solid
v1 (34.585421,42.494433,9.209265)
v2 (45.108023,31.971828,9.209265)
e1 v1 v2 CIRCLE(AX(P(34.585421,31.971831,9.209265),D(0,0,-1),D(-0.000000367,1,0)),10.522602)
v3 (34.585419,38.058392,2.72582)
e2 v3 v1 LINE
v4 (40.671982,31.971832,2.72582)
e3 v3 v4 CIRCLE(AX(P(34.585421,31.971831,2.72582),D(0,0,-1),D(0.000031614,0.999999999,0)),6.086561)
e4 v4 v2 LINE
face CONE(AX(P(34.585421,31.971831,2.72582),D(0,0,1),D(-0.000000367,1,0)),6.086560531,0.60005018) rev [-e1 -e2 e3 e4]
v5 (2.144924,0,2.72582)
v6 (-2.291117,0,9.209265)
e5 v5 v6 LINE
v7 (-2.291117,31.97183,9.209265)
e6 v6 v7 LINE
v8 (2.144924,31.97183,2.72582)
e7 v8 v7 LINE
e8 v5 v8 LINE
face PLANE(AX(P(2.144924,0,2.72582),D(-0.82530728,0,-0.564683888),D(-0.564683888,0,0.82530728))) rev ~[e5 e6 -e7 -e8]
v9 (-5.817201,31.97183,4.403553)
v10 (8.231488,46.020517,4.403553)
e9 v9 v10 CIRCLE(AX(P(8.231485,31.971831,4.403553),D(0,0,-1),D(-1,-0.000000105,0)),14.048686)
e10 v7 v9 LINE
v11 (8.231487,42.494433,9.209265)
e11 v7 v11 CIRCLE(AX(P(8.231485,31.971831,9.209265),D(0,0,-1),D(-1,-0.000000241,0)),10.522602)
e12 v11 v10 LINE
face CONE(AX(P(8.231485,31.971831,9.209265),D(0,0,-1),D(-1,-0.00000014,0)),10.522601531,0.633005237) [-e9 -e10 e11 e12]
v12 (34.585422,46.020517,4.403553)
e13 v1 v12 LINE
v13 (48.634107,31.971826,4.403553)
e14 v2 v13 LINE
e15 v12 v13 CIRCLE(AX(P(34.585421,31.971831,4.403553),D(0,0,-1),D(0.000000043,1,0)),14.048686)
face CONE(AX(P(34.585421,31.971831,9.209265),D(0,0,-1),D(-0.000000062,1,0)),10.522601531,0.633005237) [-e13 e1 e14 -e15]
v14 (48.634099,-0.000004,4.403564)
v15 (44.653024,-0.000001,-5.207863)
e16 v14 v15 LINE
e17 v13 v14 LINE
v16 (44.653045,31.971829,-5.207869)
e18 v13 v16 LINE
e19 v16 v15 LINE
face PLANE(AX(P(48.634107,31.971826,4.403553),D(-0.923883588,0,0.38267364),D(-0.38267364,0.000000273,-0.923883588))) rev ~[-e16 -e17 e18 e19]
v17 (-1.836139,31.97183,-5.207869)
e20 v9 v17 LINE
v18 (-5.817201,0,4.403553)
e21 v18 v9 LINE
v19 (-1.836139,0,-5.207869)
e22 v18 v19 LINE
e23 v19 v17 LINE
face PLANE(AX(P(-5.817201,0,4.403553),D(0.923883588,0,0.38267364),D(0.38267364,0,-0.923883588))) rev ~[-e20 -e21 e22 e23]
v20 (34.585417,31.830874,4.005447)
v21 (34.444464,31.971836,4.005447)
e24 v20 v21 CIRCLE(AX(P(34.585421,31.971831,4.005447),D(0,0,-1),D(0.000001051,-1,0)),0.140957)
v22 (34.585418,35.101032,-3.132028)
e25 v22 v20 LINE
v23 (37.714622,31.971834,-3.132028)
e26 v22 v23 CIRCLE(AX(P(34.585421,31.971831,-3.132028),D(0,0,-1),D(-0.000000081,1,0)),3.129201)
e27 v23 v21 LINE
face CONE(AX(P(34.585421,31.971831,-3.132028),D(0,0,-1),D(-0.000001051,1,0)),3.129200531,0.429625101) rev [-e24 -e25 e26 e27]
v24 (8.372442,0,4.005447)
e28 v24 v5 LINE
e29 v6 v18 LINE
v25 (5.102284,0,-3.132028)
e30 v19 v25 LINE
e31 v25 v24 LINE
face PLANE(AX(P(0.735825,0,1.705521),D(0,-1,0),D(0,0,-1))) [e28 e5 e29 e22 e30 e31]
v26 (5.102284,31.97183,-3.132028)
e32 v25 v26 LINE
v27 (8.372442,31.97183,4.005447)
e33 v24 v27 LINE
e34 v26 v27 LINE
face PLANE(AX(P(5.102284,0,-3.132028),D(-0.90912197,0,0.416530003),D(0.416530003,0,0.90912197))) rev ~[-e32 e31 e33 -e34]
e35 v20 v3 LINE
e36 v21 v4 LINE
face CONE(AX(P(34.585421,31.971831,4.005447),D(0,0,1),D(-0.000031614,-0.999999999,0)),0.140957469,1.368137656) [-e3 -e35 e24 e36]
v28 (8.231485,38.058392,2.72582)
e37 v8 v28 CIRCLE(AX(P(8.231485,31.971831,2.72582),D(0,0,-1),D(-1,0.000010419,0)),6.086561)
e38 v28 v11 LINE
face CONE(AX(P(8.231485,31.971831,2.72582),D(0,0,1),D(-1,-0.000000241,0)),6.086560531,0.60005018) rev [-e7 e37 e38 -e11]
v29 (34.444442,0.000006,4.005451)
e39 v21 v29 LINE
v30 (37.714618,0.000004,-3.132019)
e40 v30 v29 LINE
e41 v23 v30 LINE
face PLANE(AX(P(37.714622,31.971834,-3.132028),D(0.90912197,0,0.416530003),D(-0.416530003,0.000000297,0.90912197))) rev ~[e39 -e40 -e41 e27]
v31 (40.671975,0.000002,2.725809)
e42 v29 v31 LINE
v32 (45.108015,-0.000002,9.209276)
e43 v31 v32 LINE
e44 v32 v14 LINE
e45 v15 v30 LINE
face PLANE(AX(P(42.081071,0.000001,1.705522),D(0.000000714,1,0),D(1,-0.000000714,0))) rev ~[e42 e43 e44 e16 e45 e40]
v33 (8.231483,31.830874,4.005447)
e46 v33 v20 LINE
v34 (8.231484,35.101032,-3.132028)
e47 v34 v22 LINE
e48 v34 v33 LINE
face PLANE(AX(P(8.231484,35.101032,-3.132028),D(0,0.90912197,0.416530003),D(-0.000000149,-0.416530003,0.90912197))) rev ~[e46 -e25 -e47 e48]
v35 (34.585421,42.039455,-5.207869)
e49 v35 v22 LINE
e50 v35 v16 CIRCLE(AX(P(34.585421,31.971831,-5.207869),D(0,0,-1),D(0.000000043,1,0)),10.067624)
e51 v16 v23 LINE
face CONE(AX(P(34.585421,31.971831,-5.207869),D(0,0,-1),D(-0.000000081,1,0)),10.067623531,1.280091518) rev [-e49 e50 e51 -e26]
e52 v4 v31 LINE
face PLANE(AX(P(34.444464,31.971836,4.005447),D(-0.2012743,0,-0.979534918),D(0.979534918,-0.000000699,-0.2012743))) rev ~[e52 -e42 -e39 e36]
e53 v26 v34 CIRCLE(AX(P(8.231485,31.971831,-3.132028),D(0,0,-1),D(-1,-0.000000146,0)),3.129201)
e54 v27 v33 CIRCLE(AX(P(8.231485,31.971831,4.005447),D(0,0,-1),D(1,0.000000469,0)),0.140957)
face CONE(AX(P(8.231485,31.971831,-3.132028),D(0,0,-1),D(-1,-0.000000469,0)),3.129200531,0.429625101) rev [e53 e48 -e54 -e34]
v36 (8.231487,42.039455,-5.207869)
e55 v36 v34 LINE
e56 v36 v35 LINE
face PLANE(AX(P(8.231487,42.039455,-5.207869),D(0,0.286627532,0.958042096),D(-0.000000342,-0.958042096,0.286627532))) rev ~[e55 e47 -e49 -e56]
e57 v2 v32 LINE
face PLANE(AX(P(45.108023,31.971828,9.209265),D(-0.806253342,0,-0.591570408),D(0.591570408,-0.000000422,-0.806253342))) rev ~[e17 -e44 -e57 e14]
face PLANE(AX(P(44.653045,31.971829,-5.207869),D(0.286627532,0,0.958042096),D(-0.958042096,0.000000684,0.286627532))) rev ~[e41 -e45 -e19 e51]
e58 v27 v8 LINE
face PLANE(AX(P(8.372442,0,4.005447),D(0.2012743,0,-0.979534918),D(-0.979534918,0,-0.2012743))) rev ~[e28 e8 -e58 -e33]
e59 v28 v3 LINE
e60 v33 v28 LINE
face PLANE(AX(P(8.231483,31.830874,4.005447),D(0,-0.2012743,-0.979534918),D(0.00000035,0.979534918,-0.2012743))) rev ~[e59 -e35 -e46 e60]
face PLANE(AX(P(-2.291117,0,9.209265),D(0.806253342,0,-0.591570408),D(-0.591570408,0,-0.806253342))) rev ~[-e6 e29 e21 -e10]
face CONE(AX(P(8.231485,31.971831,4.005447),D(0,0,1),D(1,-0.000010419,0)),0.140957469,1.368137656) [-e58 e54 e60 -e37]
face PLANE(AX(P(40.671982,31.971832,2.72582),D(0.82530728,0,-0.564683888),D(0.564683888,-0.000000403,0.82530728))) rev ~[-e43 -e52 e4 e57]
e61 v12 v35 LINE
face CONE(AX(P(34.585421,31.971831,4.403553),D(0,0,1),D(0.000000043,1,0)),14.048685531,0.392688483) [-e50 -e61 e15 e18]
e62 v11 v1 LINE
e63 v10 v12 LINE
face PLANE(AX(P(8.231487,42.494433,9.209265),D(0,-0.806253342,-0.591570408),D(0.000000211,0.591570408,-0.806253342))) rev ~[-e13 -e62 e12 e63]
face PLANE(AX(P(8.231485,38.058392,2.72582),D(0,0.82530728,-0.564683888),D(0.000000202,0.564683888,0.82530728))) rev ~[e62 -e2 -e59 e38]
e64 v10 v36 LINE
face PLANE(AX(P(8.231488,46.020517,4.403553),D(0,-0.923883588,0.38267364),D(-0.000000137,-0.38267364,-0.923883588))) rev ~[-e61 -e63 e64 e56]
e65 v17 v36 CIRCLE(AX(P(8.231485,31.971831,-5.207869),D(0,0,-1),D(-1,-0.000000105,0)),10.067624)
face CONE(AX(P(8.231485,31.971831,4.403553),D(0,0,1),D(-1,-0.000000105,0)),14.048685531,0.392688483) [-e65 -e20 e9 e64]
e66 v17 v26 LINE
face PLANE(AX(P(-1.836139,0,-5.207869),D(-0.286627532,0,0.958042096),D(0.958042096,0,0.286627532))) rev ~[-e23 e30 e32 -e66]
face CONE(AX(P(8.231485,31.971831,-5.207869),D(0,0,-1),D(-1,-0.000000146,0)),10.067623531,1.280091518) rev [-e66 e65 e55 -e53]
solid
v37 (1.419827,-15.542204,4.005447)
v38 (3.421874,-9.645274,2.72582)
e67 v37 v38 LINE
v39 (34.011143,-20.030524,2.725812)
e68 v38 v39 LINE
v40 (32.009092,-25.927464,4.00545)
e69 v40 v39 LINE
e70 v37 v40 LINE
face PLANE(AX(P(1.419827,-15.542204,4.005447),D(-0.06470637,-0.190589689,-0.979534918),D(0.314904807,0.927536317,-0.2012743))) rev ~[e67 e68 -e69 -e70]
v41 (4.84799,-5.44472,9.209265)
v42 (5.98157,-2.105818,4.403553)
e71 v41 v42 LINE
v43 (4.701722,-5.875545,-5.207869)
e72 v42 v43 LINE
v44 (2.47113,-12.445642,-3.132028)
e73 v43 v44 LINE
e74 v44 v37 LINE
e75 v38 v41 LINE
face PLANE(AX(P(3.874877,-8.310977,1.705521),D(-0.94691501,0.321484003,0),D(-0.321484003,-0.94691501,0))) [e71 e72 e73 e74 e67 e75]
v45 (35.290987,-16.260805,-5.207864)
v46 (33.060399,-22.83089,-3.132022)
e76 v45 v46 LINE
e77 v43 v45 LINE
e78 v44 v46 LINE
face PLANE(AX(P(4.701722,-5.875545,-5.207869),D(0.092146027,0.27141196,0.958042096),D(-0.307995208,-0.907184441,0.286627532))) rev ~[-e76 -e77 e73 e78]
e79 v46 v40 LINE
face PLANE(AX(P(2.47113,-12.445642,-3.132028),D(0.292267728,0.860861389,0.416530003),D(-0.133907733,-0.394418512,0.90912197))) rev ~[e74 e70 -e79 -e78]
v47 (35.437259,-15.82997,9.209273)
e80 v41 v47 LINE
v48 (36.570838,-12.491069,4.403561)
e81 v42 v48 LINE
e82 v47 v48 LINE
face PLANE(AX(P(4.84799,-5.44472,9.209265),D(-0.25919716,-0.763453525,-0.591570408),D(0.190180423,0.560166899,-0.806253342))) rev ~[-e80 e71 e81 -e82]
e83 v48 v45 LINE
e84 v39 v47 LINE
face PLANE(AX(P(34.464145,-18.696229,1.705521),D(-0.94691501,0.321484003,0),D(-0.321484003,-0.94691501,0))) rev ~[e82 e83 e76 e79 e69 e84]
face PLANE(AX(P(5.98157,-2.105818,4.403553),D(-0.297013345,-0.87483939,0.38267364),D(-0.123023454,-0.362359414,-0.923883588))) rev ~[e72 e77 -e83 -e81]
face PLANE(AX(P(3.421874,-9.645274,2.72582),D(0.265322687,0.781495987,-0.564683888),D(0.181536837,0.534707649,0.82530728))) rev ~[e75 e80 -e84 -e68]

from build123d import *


with BuildPart() as body:
    # AdditivePipe: sweep along a path in Sketch002
    with BuildLine(Plane.XY) as additivepipe_path:
        Line((0, 0), (0, 31.97183))
        ThreePointArc((0, 31.97183), (2.410946, 37.79237), (8.231486, 40.203316))
        Line((8.231486, 40.203316), (34.58542, 40.203316))
        ThreePointArc((34.58542, 40.203316), (40.40596, 37.79237), (42.816906, 31.97183))
        Line((42.816906, 31.97183), (42.816906, 0))
    # Clone2D (on Vertex1 of Sketch002) → AdditivePipe (sweep)
    with BuildSketch(Plane.XZ):
        Polygon((-5.817201, 4.403553), (-1.836139, -5.207869), (5.102284, -3.132028), (8.372442, 4.005447), (2.144924, 2.72582), (-2.291117, 9.209265), align=None)
    sweep(path=additivepipe_path.line)


with BuildPart() as body001:
    # AdditivePipe001: sweep along a path in Sketch003
    with BuildLine(Plane.XY) as additivepipe001_path:
        Line((4.111433, -7.614213), (34.700703, -17.999458))
    # Clone2D001 (on Vertex1 of Sketch003) → AdditivePipe001 (sweep)
    with BuildSketch(Plane(origin=(4.111433, -7.614213, 0), x_dir=(-0.321484, -0.946915, 0), z_dir=(-0.946915, 0.321484, 0))):
        Polygon((-5.817201, 4.403553), (-1.836139, -5.207869), (5.102284, -3.132028), (8.372442, 4.005447), (2.144924, 2.72582), (-2.291117, 9.209265), align=None)
    sweep(path=additivepipe001_path.line)


solid = Compound([body.part, body001.part])
